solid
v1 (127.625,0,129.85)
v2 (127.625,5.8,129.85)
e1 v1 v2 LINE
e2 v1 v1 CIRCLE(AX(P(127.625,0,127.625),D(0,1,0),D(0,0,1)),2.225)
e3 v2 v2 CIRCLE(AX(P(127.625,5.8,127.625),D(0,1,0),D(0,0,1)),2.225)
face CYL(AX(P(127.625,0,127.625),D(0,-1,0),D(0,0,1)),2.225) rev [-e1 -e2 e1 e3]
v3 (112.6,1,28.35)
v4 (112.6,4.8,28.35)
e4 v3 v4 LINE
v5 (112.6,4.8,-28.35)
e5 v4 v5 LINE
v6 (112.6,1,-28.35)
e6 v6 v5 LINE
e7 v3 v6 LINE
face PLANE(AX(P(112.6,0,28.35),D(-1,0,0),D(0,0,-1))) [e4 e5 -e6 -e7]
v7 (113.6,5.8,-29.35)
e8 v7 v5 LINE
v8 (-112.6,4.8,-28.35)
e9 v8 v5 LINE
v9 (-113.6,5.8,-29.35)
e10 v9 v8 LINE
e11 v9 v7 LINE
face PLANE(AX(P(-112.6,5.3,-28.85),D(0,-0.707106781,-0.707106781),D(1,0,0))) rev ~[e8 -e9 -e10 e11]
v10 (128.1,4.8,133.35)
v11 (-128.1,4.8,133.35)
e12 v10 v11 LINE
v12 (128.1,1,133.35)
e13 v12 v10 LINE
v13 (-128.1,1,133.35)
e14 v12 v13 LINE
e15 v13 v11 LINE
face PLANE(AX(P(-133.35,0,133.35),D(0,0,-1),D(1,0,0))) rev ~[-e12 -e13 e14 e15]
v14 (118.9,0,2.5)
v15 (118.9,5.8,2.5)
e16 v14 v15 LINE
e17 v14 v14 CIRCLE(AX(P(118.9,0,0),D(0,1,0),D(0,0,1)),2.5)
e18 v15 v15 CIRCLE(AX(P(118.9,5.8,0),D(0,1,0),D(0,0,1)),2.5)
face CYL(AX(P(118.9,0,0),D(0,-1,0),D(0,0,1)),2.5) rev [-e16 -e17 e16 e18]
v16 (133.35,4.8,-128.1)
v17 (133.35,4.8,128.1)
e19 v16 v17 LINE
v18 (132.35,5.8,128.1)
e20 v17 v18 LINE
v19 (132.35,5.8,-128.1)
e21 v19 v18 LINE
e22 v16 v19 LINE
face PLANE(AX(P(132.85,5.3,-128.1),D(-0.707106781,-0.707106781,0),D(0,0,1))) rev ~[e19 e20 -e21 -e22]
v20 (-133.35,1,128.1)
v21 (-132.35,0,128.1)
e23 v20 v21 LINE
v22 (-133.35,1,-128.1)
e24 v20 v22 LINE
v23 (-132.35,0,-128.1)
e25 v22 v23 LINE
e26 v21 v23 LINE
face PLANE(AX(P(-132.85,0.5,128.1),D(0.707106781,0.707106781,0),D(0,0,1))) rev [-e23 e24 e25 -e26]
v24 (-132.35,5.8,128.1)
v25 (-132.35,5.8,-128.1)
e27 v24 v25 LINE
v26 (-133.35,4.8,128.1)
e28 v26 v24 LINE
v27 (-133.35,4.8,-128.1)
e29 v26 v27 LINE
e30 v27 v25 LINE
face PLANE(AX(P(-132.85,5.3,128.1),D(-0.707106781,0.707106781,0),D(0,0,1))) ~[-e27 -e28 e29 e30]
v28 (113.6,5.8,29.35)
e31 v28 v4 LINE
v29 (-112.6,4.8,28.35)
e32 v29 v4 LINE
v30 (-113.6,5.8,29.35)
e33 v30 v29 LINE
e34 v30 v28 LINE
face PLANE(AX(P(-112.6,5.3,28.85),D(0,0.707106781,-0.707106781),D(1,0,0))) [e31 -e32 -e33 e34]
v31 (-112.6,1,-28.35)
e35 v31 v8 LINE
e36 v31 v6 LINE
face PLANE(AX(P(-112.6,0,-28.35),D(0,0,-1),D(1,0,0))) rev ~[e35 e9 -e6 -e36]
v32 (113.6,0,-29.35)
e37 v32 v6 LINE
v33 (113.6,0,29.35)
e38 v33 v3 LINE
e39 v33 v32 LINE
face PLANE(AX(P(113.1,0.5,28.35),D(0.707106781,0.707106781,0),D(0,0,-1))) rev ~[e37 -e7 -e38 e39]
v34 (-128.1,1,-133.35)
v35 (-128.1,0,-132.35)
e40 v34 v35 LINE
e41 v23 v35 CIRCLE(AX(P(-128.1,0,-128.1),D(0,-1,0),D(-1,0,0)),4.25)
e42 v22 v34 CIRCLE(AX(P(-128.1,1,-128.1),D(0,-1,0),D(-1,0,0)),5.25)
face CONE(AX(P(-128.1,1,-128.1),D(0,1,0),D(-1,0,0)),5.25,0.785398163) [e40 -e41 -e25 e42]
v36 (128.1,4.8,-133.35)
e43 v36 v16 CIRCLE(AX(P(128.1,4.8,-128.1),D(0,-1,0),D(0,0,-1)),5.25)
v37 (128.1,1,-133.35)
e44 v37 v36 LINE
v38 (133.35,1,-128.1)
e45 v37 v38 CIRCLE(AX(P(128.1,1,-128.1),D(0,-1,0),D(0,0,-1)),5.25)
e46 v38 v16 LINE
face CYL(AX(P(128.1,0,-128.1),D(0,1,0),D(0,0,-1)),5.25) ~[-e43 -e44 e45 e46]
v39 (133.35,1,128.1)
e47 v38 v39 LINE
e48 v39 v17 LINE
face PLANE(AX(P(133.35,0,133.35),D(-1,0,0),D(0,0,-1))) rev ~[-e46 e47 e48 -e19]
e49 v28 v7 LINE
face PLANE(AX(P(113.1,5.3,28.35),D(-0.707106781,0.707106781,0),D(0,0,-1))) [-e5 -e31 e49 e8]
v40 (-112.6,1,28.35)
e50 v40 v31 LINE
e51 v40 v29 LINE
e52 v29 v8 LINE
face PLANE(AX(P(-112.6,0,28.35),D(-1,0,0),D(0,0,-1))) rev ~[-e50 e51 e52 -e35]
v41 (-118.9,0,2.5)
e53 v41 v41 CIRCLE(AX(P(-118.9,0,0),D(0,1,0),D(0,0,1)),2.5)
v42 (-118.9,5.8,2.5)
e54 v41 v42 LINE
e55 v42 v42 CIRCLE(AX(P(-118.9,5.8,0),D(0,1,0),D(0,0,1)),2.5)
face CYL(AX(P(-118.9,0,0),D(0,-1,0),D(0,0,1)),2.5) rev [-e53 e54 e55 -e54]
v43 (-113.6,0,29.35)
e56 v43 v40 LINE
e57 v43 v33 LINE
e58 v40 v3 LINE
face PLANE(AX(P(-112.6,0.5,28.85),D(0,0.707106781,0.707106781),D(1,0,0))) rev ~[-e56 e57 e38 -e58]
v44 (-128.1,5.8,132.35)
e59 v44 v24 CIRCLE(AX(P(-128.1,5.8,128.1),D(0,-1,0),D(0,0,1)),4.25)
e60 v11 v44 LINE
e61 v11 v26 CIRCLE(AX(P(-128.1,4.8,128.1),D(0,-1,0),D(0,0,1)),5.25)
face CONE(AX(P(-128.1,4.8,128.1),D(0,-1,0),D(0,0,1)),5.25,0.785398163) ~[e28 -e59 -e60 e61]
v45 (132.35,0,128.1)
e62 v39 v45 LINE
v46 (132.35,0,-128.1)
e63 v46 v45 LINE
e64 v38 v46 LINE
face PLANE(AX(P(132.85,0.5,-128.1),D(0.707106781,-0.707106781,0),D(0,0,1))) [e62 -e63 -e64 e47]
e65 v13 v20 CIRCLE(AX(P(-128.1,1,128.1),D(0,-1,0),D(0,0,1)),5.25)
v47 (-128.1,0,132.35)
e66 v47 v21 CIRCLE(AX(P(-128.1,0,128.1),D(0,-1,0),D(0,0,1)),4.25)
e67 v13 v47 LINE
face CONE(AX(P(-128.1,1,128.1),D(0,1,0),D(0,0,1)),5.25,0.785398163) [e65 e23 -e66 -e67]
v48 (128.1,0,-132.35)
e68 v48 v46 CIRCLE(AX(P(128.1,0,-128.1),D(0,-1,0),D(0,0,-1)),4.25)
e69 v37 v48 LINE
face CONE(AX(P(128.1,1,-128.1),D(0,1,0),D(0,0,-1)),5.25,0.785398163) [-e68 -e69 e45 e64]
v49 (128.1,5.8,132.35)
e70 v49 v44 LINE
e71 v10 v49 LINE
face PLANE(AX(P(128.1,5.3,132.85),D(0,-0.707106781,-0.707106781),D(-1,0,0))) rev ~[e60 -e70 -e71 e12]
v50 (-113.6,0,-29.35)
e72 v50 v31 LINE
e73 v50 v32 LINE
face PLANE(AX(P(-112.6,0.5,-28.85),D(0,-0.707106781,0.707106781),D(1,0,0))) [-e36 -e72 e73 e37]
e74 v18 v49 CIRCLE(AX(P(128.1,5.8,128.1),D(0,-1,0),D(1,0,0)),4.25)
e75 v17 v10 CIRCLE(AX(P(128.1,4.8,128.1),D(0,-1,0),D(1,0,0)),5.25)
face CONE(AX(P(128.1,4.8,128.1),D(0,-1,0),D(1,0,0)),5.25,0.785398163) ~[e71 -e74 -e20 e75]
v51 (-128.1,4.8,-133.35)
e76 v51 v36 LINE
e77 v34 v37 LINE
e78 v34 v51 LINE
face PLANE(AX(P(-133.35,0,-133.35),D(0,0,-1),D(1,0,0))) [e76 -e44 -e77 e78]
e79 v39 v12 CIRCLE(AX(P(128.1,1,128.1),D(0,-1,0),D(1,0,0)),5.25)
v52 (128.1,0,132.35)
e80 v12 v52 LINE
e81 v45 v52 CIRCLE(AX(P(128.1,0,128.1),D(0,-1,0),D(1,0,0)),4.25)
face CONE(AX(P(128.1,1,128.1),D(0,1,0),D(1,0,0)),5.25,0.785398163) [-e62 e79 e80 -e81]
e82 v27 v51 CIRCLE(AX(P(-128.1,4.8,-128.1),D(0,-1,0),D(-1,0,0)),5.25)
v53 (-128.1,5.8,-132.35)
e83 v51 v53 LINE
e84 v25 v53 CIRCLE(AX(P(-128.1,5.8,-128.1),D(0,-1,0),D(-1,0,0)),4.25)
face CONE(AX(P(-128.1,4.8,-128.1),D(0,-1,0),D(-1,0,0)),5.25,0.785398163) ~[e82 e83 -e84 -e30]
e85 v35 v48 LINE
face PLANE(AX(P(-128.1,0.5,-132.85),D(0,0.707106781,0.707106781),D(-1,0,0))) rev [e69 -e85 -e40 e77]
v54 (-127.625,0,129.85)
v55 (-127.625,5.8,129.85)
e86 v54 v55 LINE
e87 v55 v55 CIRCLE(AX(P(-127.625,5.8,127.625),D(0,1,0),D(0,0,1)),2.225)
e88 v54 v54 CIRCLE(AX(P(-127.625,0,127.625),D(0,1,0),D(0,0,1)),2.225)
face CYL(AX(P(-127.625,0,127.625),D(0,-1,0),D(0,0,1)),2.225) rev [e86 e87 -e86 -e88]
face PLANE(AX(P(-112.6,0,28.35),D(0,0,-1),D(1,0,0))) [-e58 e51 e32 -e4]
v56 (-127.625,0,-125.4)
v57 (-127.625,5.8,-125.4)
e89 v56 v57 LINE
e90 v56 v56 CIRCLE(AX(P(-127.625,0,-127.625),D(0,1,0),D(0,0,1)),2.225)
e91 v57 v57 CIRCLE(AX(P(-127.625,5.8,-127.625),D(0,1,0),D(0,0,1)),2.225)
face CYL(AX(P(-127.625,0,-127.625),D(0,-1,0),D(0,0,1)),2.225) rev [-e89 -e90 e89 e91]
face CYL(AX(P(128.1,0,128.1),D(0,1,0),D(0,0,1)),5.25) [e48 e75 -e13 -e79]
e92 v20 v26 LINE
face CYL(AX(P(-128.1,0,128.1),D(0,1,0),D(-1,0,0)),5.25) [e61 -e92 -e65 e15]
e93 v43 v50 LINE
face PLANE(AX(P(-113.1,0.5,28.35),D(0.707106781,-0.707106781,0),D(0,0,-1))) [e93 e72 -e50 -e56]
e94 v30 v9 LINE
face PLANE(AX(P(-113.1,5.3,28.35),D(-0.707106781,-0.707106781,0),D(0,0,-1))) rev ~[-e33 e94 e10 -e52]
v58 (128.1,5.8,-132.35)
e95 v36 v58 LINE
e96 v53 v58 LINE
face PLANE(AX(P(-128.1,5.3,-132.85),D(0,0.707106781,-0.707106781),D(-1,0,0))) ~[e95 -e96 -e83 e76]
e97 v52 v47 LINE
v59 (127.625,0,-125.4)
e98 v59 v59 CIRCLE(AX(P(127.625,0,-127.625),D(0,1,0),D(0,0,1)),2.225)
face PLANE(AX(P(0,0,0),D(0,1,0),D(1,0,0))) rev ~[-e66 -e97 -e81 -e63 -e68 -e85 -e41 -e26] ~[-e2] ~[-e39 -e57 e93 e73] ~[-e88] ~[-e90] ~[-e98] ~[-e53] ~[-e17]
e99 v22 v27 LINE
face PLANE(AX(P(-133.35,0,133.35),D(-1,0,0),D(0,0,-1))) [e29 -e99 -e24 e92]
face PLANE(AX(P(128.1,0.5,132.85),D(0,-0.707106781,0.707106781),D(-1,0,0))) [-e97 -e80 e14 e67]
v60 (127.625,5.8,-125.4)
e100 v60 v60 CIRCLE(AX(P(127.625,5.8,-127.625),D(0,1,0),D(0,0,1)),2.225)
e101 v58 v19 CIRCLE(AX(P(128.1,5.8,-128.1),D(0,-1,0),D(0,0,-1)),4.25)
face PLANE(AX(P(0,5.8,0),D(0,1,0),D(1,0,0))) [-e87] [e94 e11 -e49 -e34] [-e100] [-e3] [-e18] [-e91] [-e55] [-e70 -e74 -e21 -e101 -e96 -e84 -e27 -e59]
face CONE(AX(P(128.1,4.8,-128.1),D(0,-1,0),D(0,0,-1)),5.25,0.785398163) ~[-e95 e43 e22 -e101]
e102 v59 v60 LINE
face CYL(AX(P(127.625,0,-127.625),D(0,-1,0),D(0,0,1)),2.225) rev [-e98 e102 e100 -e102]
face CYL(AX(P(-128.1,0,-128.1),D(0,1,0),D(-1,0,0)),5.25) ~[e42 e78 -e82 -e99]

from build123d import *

# Parameters (mm, degrees)
SKETCH1_W           = 266.7
SKETCH1_H           = 266.7
SKETCH1_R           = 2.225
SKETCH1_R_2         = 2.5
SKETCH1_W_2         = 225.2
SKETCH1_H_2         = 56.7
BOSS_EXTRUDE1_DEPTH = 5.8
FILLET1_R           = 5.25
CHAMFER1_SIZE       = 1


with BuildPart() as part:
    # Sketch1 → Boss-Extrude1 (new body)
    with BuildSketch(Plane(origin=(0, 0, 0), x_dir=(1, 0, 0), z_dir=(0, 1, 0))):
        Rectangle(SKETCH1_W, SKETCH1_H)
        with Locations(Location((-127.625, 127.625, 0), (0, 0, 270))):
            Circle(SKETCH1_R, mode=Mode.SUBTRACT)
        with Locations(Location((127.625, 127.625, 0), (0, 0, 270))):
            Circle(SKETCH1_R, mode=Mode.SUBTRACT)
        with Locations(Location((127.625, -127.625, 0), (0, 0, 270))):
            Circle(SKETCH1_R, mode=Mode.SUBTRACT)
        with Locations(Location((-127.625, -127.625, 0), (0, 0, 270))):
            Circle(SKETCH1_R, mode=Mode.SUBTRACT)
        with Locations(Location((118.9, 0, 0), (0, 0, 270))):
            Circle(SKETCH1_R_2, mode=Mode.SUBTRACT)
        with Locations(Location((-118.9, 0, 0), (0, 0, 270))):
            Circle(SKETCH1_R_2, mode=Mode.SUBTRACT)
        Rectangle(SKETCH1_W_2, SKETCH1_H_2, mode=Mode.SUBTRACT)
    extrude(amount=BOSS_EXTRUDE1_DEPTH)

    # Fillet1
    fillet1_edges = [part.edges().sort_by_distance(p)[0] for p in [
        (133.35, 2.9, 133.35),
        (-133.35, 2.9, 133.35),
        (-133.35, 2.9, -133.35),
        (133.35, 2.9, -133.35),
    ]]
    fillet(fillet1_edges, radius=FILLET1_R)

    # Chamfer1
    chamfer1_edges = [part.edges().sort_by_distance(p)[0] for p in [
        (112.6, 0, 0),
        (0, 0, -28.35),
        (-112.6, 0, 0),
        (0, 0, 28.35),
        (112.6, 5.8, 0),
        (0, 5.8, -28.35),
        (-112.6, 5.8, 0),
        (0, 5.8, 28.35),
        (-133.35, 0, 0),
        (-133.35, 5.8, 0),
        (133.35, 0, 0),
        (0, 0, 133.35),
        (0, 0, -133.35),
        (-131.812310601, 0, 131.812310601),
        (131.812310601, 0, 131.812310601),
        (131.812310601, 0, -131.812310601),
        (-131.812310601, 0, -131.812310601),
        (0, 5.8, -133.35),
        (133.35, 5.8, 0),
        (0, 5.8, 133.35),
        (-131.812310601, 5.8, 131.812310601),
        (131.812310601, 5.8, 131.812310601),
        (131.812310601, 5.8, -131.812310601),
        (-131.812310601, 5.8, -131.812310601),
    ]]
    chamfer(chamfer1_edges, length=CHAMFER1_SIZE)


solid = part.part
